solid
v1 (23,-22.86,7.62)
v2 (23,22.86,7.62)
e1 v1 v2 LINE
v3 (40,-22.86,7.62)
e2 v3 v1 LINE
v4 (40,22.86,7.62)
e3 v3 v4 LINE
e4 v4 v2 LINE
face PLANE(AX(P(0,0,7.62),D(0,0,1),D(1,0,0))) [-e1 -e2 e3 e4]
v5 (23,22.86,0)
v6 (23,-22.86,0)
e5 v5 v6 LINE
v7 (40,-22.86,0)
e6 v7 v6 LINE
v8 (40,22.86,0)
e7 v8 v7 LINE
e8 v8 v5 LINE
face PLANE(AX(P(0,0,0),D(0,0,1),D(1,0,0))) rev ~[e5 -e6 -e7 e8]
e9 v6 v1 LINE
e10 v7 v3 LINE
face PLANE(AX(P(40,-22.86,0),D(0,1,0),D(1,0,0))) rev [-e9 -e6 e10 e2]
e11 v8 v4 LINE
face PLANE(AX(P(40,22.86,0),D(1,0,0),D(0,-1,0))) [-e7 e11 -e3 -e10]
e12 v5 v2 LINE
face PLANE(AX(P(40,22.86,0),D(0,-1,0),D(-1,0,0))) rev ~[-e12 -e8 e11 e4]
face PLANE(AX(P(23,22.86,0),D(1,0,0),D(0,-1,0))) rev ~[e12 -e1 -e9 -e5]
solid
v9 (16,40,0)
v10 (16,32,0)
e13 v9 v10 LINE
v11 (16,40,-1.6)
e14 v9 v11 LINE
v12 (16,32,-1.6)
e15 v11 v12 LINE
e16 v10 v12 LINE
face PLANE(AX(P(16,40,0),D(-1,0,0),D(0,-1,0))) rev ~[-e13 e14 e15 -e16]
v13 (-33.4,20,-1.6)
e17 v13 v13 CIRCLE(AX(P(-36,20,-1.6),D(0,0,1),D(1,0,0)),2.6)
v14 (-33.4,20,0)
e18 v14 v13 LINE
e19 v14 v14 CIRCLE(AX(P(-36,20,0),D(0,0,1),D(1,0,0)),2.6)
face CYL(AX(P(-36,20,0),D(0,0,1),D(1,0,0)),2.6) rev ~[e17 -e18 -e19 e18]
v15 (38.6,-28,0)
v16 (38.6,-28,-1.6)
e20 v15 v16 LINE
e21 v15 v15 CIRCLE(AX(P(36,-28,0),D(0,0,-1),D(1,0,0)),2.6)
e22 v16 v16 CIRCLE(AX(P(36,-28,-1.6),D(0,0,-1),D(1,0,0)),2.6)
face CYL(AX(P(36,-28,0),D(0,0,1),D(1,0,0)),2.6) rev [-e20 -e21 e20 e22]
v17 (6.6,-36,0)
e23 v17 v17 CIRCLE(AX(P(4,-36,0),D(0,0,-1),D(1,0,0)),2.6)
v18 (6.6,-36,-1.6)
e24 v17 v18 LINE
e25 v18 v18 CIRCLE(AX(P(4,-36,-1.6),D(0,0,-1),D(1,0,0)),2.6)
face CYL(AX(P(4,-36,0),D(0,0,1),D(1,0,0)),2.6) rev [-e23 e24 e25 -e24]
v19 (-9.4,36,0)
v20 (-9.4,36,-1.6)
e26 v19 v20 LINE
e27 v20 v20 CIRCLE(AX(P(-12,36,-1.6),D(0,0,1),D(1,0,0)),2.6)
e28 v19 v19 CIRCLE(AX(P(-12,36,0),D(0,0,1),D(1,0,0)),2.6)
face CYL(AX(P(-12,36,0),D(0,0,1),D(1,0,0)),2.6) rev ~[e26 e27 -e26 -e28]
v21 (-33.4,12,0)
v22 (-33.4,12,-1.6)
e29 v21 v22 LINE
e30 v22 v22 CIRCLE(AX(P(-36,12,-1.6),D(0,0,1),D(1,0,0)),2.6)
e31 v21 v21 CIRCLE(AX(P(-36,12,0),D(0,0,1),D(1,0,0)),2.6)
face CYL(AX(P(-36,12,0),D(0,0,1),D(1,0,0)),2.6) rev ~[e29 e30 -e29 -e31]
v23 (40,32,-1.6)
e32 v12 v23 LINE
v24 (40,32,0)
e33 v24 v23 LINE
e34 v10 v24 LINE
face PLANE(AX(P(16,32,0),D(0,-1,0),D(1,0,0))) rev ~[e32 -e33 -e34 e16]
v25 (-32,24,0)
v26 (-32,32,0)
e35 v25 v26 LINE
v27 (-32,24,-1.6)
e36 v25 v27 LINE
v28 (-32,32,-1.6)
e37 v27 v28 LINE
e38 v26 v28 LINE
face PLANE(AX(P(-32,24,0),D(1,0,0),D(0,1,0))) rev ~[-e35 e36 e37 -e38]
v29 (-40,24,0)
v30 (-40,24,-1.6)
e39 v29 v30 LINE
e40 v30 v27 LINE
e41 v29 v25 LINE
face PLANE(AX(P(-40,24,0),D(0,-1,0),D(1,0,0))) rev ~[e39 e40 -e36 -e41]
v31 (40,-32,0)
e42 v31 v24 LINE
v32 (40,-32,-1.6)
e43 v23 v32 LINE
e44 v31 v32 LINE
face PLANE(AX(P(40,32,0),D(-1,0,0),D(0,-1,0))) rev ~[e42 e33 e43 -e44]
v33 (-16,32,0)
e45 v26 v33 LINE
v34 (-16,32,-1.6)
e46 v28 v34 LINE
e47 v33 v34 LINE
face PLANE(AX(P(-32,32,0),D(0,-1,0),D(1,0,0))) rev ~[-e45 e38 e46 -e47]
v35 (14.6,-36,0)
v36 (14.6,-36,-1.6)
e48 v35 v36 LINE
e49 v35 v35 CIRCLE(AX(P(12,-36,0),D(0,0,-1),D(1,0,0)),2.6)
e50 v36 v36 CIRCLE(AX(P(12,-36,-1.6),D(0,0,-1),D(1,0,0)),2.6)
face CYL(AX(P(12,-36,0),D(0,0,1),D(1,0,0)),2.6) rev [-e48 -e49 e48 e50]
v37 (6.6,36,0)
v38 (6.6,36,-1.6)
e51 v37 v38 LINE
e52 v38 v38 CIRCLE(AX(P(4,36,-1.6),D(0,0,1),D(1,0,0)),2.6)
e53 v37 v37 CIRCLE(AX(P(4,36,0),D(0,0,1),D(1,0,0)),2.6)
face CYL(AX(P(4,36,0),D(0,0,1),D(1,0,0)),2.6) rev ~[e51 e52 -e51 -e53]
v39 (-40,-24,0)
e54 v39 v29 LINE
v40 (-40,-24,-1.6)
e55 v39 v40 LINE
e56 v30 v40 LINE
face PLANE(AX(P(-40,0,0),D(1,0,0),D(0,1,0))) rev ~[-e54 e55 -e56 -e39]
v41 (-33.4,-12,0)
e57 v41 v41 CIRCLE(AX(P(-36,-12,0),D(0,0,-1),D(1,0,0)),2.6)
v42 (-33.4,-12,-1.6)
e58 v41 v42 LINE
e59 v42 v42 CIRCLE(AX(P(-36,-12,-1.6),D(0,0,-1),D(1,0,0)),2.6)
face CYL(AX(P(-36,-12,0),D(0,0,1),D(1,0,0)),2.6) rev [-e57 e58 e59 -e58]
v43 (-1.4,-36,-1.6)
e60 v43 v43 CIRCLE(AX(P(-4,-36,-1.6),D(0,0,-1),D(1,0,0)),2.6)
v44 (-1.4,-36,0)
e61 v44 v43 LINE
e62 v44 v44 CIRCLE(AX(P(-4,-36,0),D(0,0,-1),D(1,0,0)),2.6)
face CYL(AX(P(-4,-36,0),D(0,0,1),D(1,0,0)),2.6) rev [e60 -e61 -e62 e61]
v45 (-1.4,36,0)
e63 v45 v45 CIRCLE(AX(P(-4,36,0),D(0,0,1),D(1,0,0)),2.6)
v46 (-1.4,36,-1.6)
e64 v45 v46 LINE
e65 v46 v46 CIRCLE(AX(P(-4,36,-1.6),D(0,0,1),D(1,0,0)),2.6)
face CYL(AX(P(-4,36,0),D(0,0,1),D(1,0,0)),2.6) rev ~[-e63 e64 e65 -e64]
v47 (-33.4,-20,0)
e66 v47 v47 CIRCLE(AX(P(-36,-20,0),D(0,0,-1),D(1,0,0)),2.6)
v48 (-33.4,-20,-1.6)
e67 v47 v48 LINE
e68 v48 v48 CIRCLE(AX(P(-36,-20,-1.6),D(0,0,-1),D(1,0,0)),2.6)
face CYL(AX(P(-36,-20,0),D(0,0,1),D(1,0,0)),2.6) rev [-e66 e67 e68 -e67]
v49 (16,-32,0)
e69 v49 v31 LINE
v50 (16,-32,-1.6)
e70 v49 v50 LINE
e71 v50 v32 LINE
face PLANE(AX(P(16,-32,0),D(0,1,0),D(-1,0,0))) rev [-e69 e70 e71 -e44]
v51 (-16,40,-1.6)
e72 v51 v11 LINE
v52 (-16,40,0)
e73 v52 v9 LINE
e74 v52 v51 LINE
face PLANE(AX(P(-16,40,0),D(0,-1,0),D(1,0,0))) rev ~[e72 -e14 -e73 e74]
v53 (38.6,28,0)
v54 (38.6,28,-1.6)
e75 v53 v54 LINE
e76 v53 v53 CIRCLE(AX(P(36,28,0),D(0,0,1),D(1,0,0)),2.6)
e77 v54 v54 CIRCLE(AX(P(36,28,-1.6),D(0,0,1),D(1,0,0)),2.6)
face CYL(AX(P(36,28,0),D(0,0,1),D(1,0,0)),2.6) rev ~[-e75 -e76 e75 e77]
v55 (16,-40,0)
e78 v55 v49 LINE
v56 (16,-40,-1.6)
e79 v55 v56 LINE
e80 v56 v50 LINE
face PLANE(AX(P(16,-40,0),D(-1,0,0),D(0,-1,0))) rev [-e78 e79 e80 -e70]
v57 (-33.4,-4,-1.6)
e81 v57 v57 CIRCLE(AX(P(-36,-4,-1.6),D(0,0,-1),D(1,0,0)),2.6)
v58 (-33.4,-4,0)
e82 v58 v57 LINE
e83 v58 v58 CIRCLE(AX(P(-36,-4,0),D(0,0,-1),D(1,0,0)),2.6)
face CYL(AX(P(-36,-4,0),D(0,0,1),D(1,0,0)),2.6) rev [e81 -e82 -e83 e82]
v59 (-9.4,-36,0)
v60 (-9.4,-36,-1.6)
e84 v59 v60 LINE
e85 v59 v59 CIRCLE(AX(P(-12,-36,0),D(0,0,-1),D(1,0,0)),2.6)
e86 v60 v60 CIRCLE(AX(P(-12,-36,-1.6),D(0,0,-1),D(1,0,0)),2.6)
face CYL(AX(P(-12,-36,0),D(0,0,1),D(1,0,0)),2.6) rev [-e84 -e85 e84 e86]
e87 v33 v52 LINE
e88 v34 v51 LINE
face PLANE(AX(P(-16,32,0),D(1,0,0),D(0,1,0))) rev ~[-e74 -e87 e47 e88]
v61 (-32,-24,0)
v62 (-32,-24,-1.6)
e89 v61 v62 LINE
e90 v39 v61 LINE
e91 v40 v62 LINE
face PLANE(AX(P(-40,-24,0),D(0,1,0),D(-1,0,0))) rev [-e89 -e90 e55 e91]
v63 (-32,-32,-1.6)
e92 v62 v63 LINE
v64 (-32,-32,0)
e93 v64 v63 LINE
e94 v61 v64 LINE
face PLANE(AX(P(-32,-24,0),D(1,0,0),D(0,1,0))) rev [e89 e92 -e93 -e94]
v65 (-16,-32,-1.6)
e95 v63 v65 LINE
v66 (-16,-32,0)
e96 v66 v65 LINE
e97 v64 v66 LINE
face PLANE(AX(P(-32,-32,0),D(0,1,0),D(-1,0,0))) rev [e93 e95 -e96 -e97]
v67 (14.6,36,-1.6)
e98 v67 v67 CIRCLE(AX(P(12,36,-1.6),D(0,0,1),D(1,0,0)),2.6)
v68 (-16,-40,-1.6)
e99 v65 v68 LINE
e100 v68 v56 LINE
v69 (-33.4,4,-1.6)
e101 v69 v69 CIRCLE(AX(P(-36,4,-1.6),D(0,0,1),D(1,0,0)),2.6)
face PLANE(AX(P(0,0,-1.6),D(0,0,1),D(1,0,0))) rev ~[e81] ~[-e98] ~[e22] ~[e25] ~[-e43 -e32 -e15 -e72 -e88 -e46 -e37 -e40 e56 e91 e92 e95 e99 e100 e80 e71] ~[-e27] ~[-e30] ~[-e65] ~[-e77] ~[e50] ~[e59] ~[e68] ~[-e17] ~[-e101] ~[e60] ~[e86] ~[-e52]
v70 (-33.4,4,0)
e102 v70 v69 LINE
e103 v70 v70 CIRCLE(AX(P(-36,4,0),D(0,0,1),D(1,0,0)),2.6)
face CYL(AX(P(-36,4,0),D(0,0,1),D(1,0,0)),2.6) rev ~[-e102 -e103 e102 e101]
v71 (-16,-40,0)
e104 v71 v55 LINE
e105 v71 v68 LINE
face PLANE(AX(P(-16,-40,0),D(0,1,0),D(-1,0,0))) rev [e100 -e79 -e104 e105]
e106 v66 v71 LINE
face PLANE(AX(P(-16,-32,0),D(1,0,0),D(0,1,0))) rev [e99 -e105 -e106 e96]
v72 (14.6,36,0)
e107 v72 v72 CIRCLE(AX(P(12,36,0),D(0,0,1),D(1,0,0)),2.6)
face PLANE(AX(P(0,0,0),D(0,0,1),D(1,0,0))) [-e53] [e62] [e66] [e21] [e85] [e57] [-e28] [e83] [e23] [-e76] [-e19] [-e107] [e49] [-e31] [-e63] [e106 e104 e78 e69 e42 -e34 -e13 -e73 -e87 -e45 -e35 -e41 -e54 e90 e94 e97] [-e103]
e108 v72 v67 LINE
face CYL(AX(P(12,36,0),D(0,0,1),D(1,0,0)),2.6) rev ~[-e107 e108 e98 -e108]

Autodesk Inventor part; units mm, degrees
ref_plane "YZ Plane" through (0, 0, 0) normal (1, 0, 0) x (0, 1, 0)
ref_plane "XZ Plane" through (0, 0, 0) normal (0, 1, 0) x (-1, 0, 0)
ref_plane "XY Plane" through (0, 0, 0) normal (0, 0, 1) x (1, 0, 0)
sketch "Sketch1" plane through (0, 0, 0) normal (0, 0, 1) x (1, 0, 0)
  line L0 (0, 0) -> (-40, 0)
  line L1 (-40, 0) -> (-40, 24)
  line L2 (-40, 24) -> (-32, 24)
  line L3 (-32, 24) -> (-32, 32)
  line L4 (-32, 32) -> (-16, 32)
  line L5 (-16, 32) -> (-16, 40)
  line L6 (-16, 40) -> (16, 40)
  line L7 (16, 40) -> (16, 32)
  line L8 (16, 32) -> (40, 32)
  line L9 (40, 32) -> (40, 0)
  line L10 (40, 0) -> (0, 0)
  line L11 (-36, 0) -> (-36, 24) construction
  line L12 (-16, 36) -> (16, 36) construction
  circle A0 centre (-36, 20) radius 2.6
  circle A1 centre (-36, 12) radius 2.6
  circle A2 centre (-36, 4) radius 2.6
  circle A3 centre (36, 28) radius 2.6
  circle A4 centre (-12, 36) radius 2.6
  circle A5 centre (-4, 36) radius 2.6
  circle A6 centre (4, 36) radius 2.6
  circle A7 centre (12, 36) radius 2.6
  line L13 (40, 22.86) -> (23, 22.86)
  line L14 (23, 22.86) -> (23, 0)
  dimension "d0" = 40
  dimension "d1" = 24
  dimension "d2" = 8
  dimension "d3" = 8
  dimension "d4" = 16
  dimension "d5" = 8
  dimension "d6" = 32
  dimension "d7" = 8
  dimension "d8" = 24
  dimension "d9" = 5.2
  dimension "d10" = 4
  dimension "d11" = 8
  dimension "d12" = 4
  dimension "d13" = 4
  dimension "d14" = 4
  dimension "d15" = 4
  dimension "d16" = 8
  dimension "d17" = 8
  dimension "d18" = 8
  dimension "d21" = 17
  dimension "d22" = 22.86
extrude "Extrusion1" add sketch "Sketch1" against normal blind 1.6
extrude "Extrusion2" add sketch "Sketch1" along normal blind 7.62 separate body contours L14 L13 L9 L10
mirror "Mirror1" about plane through (0, 0, 0) normal (0, -1, 0) of "Extrusion1" bodies 1
mirror "Mirror2" about plane through (23, 0, 0) normal (0, -1, 0) of "Extrusion2" bodies 2
properties part number "legoduino"
